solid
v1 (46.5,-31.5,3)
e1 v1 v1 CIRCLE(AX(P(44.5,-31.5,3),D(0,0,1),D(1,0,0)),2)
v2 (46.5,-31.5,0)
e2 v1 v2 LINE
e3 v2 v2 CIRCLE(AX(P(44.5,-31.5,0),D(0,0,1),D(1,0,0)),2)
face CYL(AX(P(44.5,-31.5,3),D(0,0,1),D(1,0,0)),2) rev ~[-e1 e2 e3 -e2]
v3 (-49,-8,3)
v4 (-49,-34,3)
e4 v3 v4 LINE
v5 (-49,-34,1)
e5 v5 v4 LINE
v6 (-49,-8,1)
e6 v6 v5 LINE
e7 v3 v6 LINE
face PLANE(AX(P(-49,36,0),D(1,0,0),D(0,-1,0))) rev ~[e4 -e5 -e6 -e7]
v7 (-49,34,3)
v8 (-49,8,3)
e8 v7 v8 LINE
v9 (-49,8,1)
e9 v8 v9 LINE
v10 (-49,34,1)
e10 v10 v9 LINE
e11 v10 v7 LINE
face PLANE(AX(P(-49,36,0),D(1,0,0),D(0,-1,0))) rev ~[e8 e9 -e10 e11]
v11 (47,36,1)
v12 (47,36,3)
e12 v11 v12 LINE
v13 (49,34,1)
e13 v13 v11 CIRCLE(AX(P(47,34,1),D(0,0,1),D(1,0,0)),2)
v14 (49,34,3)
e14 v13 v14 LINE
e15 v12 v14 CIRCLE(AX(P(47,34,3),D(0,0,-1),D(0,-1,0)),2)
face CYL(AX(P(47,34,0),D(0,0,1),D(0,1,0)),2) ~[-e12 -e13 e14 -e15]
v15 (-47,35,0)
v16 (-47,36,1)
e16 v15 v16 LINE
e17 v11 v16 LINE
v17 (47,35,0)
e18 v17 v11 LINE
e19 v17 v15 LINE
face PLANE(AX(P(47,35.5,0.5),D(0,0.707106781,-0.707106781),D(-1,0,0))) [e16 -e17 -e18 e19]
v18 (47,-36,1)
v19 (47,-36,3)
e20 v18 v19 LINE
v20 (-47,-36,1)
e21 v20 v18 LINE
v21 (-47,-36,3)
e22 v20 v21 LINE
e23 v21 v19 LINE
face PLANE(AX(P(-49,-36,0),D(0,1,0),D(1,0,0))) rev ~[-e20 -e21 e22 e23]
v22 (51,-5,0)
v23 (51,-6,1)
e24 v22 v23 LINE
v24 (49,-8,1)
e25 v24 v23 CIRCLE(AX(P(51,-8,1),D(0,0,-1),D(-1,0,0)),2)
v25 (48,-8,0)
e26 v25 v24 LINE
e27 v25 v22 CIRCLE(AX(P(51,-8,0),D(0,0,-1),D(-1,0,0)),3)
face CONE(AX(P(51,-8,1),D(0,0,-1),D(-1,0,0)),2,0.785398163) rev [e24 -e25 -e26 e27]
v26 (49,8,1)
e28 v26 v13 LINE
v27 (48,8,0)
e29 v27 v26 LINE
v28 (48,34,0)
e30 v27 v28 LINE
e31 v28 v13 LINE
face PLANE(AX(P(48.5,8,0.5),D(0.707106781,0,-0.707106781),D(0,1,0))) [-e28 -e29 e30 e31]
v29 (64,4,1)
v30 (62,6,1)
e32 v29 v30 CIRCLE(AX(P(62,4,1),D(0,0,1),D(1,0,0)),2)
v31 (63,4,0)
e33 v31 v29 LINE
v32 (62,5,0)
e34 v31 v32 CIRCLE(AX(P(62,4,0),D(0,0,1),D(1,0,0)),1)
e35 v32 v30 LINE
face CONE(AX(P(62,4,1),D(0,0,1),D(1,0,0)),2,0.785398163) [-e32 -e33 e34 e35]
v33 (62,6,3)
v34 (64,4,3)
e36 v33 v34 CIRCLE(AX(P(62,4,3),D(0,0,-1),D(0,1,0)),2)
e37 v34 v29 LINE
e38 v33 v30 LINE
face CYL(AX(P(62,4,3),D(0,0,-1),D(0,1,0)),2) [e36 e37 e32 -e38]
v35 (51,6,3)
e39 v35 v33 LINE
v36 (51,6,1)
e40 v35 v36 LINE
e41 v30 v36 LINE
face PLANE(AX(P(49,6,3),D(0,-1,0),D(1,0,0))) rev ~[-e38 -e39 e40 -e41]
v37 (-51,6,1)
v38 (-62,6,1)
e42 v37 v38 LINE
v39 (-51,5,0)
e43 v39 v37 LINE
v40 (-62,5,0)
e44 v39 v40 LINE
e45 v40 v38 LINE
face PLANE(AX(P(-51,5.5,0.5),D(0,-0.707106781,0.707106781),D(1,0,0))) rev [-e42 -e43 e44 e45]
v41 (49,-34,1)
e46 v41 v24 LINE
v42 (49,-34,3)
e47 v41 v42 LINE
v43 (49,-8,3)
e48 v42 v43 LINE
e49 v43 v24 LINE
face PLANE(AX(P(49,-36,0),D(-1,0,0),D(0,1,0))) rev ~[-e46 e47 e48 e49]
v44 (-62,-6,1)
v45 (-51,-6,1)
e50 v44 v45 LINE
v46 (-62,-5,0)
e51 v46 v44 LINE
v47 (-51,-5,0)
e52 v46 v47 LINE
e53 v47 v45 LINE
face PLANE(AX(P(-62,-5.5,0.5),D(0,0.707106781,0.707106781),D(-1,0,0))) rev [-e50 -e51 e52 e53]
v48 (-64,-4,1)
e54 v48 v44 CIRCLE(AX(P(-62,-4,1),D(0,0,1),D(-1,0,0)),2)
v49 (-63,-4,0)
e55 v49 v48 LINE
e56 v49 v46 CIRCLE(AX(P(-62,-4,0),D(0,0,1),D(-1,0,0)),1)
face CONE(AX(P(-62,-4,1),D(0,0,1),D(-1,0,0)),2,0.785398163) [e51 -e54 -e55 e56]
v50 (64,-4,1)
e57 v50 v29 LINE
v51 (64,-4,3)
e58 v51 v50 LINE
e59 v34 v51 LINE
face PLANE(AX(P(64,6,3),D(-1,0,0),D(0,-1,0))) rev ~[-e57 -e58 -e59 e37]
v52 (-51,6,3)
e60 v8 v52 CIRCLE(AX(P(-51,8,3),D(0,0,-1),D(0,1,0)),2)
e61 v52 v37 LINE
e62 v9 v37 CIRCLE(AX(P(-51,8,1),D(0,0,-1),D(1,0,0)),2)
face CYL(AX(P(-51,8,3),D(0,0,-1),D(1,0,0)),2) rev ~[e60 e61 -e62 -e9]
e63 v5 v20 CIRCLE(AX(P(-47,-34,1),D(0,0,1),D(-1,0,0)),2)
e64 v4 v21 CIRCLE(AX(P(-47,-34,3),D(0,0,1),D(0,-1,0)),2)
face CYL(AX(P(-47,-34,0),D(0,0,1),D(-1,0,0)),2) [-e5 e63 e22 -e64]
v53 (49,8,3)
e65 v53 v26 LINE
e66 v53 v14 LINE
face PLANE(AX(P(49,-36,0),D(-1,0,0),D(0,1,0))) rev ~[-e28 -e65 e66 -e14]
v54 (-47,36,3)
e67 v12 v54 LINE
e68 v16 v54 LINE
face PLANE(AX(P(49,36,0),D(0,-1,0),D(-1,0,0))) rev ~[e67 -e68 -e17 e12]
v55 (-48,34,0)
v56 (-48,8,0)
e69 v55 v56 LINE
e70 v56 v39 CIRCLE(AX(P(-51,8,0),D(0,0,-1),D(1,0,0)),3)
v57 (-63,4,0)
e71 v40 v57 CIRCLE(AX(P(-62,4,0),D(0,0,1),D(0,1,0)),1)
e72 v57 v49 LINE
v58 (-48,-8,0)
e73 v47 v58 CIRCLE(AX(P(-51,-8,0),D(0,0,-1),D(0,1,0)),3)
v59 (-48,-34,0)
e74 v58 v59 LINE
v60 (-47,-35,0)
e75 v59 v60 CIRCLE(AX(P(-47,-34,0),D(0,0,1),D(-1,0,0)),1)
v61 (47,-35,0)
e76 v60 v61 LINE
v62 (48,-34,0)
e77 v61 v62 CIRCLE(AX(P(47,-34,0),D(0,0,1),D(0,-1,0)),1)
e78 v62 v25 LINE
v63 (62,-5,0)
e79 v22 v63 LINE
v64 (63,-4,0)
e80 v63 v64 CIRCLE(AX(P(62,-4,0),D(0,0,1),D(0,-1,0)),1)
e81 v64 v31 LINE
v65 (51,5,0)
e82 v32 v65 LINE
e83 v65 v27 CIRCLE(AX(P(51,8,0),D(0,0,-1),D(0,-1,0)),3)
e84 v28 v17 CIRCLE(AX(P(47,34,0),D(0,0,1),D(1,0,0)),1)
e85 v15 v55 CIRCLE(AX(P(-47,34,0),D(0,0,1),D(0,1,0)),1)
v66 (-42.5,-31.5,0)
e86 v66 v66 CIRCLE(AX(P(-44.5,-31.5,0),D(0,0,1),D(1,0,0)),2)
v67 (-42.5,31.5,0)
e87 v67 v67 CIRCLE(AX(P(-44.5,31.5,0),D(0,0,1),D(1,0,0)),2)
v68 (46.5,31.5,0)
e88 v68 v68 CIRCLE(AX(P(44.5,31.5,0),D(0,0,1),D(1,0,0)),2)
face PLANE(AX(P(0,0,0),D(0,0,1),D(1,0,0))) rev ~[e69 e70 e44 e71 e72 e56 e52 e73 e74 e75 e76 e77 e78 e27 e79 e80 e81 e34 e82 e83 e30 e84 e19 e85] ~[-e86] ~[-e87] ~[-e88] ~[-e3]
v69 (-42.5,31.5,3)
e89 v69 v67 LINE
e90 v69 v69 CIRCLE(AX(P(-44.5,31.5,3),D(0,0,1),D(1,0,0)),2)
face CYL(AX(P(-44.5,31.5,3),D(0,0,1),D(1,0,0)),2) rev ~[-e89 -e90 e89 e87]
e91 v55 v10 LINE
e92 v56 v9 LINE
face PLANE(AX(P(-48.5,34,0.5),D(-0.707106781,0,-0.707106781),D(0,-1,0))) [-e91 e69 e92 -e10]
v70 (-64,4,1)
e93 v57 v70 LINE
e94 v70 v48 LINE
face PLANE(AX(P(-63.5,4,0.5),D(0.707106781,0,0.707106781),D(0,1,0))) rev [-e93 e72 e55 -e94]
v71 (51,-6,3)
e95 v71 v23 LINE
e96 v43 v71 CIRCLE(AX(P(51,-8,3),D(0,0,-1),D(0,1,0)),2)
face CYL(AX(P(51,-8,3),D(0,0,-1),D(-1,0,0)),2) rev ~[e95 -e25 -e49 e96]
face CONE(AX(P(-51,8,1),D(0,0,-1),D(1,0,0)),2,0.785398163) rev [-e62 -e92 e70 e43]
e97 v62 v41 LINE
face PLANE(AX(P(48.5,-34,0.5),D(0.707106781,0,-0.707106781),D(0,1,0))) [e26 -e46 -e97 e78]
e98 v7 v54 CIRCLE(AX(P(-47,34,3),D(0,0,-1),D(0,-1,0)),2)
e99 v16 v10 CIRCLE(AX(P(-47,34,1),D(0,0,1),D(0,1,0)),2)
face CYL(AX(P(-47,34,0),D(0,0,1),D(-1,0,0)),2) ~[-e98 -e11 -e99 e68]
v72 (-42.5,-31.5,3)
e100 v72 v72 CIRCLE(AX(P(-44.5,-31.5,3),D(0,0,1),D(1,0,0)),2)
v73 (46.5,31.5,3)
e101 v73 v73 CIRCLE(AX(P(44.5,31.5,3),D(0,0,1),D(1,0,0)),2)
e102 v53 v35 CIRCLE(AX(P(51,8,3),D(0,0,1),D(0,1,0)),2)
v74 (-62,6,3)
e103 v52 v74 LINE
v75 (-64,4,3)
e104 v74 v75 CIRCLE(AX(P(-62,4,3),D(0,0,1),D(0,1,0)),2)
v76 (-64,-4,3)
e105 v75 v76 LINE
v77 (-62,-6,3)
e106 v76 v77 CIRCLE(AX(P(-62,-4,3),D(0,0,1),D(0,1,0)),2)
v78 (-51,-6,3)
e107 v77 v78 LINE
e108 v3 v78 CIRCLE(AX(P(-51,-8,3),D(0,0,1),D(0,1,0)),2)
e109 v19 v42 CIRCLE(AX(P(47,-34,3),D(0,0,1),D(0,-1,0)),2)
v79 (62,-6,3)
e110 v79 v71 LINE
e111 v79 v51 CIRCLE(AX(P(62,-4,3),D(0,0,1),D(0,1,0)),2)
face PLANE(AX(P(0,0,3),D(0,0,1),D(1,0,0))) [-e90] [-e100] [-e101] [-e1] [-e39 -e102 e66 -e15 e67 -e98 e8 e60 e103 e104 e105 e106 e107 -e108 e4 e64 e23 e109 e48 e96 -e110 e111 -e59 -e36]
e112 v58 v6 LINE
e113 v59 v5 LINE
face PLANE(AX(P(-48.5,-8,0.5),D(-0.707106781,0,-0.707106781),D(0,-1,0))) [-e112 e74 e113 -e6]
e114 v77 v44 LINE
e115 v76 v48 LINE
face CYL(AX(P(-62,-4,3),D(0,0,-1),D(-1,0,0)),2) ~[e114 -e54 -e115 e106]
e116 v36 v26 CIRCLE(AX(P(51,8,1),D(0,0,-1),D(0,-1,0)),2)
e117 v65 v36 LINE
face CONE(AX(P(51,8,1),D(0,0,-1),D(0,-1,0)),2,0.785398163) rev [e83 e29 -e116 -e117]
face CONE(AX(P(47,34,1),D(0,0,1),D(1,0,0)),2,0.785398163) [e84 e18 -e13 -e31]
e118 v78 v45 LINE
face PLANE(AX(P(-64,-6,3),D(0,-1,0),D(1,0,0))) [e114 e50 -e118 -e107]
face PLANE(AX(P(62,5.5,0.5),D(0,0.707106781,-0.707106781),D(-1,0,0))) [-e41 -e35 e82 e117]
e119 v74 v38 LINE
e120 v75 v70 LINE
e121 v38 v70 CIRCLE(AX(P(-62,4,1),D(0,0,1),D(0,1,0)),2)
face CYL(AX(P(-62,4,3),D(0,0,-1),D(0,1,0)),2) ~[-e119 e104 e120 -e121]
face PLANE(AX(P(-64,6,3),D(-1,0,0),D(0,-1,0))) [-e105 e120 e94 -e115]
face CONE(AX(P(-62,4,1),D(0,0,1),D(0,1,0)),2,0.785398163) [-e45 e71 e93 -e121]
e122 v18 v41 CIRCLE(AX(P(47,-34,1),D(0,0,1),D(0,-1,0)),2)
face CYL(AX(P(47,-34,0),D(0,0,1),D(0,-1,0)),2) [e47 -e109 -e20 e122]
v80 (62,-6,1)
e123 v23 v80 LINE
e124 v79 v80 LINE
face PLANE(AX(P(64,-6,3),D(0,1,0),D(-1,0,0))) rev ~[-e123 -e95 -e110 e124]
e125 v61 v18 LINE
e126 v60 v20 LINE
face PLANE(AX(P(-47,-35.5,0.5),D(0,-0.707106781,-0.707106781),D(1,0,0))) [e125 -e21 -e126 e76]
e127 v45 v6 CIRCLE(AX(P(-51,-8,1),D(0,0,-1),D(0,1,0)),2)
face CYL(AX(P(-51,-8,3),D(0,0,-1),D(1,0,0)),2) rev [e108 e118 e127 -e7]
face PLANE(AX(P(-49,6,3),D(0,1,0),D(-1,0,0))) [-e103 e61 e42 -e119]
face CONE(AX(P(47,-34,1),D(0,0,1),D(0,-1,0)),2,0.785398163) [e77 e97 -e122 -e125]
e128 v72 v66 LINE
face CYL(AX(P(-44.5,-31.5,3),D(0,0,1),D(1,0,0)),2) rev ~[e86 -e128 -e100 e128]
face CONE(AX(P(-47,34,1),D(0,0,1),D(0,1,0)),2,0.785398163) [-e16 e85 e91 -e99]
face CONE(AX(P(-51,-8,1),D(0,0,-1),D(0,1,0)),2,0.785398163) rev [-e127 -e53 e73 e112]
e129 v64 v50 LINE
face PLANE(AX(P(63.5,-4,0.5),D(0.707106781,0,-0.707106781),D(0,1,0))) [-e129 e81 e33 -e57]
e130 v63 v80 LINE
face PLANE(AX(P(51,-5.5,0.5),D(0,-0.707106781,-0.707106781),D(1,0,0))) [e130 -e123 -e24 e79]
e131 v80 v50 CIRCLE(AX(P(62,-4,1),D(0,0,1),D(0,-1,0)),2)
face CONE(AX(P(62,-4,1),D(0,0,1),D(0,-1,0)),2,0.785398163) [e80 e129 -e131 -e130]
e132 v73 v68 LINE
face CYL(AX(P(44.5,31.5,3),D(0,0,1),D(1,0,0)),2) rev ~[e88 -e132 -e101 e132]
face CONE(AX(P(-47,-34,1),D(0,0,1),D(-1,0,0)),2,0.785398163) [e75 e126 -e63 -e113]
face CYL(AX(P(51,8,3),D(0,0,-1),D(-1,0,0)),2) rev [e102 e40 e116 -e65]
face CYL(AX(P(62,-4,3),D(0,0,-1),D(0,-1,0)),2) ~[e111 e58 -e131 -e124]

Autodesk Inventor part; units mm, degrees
ref_plane "YZ Plane" through (0, 0, 0) normal (1, 0, 0) x (0, 1, 0)
ref_plane "XZ Plane" through (0, 0, 0) normal (0, 1, 0) x (-1, 0, 0)
ref_plane "XY Plane" through (0, 0, 0) normal (0, 0, 1) x (1, 0, 0)
sketch "Sketch1" plane through (0, 0, 0) normal (0, 0, 1) x (1, 0, 0)
  line L0 (-49, -36) -> (49, -36)
  line L1 (49, -36) -> (49, 36)
  line L2 (49, 36) -> (-49, 36)
  line L3 (-49, 36) -> (-49, -36)
  line L4 (-49, -36) -> (49, 36) construction
  line L5 (49, -36) -> (-49, 36) construction
  point P0 (0, 0)
  dimension "d0" = 98
  dimension "d1" = 72
extrude "Extrusion1" add sketch "Sketch1" along normal blind 3
sketch "Sketch2" plane through (0, 0, 3) normal (0, 0, 1) x (1, 0, 0)
  circle A0 centre (-44.5, 31.5) radius 2
  line L0 (-68.6, 0) -> (68.6, 0) projected
  line L1 (0, 50.4) -> (0, -50.4) construction
  circle A1 centre (44.5, 31.5) radius 2
  circle A2 centre (-44.5, -31.5) radius 2
  circle A3 centre (44.5, -31.5) radius 2
  point P0 (0, 0)
  dimension "d4" = 4
  dimension "d5" = 89
  dimension "d6" = 63
extrude "Extrusion2" cut sketch "Sketch2" against normal through all
sketch "Sketch3" plane through (0, 0, 3) normal (0, 0, 1) x (1, 0, 0)
  line L0 (-68.6, 0) -> (68.6, 0) construction
  line L1 (-64, -6) -> (-49, -6)
  line L2 (-49, -6) -> (-49, 6)
  line L3 (-49, 6) -> (-64, 6)
  line L4 (-64, 6) -> (-64, -6)
  line L5 (-64, -6) -> (-49, 6) construction
  line L6 (-49, -6) -> (-64, 6) construction
  line L7 (-49, 36) -> (-49, -36) construction
  line L8 (0, 50.4) -> (0, -50.4) projected
  line L9 (64, -6) -> (49, -6)
  line L10 (49, -6) -> (49, 6)
  line L11 (49, 6) -> (64, 6)
  line L12 (64, 6) -> (64, -6)
  line L13 (64, -6) -> (49, 6) construction
  line L14 (49, -6) -> (64, 6) construction
  point P0 (0, 0)
  point P1 (-56.5, 0)
  point P2 (-49, 0)
  point P3 (56.5, 0)
  point P4 (49, 0)
  dimension "d9" = 12
  dimension "d10" = 15
extrude "Extrusion3" add sketch "Sketch3" against normal up to surface (3 mm away)
fillet "Fillet1" radius 2 12 edges at (-49, 6, 1.5) (-49, -6, 1.5) (49, -6, 1.5) (49, 6, 1.5) (49, 36, 1.5) (-49, 36, 1.5) (-49, -36, 1.5) (-64, -6, 1.5) (-64, 6, 1.5) (49, -36, 1.5) (64, -6, 1.5) (64, 6, 1.5)
chamfer "Chamfer1" distance 1 angle 45 10 edges at (0, 36, 0) (-48.4142, 35.4142, 0) (-49, 21, 0) (-49, -21, 0) (-48.4142, -35.4142, 0) (0, -36, 0) (48.4142, -35.4142, 0) (49, -21, 0) (49, 21, 0) (48.4142, 35.4142, 0)
sketch "Sketch4" plane through (0, 0, 0) normal (0, 0, -1) x (-1, 0, 0)
  circle A0 centre (-51, -8) radius 1.5
  line L0 (-49, -8) -> (-49, -34) projected
  line L1 (-62, -6) -> (-51, -6) projected
  point P0 (0, 0)
  dimension "d17" = 2
  dimension "d18" = 2
  dimension "d19" = 3
equation "\"d18\" = d17"
properties part number "BatteryHolder"
